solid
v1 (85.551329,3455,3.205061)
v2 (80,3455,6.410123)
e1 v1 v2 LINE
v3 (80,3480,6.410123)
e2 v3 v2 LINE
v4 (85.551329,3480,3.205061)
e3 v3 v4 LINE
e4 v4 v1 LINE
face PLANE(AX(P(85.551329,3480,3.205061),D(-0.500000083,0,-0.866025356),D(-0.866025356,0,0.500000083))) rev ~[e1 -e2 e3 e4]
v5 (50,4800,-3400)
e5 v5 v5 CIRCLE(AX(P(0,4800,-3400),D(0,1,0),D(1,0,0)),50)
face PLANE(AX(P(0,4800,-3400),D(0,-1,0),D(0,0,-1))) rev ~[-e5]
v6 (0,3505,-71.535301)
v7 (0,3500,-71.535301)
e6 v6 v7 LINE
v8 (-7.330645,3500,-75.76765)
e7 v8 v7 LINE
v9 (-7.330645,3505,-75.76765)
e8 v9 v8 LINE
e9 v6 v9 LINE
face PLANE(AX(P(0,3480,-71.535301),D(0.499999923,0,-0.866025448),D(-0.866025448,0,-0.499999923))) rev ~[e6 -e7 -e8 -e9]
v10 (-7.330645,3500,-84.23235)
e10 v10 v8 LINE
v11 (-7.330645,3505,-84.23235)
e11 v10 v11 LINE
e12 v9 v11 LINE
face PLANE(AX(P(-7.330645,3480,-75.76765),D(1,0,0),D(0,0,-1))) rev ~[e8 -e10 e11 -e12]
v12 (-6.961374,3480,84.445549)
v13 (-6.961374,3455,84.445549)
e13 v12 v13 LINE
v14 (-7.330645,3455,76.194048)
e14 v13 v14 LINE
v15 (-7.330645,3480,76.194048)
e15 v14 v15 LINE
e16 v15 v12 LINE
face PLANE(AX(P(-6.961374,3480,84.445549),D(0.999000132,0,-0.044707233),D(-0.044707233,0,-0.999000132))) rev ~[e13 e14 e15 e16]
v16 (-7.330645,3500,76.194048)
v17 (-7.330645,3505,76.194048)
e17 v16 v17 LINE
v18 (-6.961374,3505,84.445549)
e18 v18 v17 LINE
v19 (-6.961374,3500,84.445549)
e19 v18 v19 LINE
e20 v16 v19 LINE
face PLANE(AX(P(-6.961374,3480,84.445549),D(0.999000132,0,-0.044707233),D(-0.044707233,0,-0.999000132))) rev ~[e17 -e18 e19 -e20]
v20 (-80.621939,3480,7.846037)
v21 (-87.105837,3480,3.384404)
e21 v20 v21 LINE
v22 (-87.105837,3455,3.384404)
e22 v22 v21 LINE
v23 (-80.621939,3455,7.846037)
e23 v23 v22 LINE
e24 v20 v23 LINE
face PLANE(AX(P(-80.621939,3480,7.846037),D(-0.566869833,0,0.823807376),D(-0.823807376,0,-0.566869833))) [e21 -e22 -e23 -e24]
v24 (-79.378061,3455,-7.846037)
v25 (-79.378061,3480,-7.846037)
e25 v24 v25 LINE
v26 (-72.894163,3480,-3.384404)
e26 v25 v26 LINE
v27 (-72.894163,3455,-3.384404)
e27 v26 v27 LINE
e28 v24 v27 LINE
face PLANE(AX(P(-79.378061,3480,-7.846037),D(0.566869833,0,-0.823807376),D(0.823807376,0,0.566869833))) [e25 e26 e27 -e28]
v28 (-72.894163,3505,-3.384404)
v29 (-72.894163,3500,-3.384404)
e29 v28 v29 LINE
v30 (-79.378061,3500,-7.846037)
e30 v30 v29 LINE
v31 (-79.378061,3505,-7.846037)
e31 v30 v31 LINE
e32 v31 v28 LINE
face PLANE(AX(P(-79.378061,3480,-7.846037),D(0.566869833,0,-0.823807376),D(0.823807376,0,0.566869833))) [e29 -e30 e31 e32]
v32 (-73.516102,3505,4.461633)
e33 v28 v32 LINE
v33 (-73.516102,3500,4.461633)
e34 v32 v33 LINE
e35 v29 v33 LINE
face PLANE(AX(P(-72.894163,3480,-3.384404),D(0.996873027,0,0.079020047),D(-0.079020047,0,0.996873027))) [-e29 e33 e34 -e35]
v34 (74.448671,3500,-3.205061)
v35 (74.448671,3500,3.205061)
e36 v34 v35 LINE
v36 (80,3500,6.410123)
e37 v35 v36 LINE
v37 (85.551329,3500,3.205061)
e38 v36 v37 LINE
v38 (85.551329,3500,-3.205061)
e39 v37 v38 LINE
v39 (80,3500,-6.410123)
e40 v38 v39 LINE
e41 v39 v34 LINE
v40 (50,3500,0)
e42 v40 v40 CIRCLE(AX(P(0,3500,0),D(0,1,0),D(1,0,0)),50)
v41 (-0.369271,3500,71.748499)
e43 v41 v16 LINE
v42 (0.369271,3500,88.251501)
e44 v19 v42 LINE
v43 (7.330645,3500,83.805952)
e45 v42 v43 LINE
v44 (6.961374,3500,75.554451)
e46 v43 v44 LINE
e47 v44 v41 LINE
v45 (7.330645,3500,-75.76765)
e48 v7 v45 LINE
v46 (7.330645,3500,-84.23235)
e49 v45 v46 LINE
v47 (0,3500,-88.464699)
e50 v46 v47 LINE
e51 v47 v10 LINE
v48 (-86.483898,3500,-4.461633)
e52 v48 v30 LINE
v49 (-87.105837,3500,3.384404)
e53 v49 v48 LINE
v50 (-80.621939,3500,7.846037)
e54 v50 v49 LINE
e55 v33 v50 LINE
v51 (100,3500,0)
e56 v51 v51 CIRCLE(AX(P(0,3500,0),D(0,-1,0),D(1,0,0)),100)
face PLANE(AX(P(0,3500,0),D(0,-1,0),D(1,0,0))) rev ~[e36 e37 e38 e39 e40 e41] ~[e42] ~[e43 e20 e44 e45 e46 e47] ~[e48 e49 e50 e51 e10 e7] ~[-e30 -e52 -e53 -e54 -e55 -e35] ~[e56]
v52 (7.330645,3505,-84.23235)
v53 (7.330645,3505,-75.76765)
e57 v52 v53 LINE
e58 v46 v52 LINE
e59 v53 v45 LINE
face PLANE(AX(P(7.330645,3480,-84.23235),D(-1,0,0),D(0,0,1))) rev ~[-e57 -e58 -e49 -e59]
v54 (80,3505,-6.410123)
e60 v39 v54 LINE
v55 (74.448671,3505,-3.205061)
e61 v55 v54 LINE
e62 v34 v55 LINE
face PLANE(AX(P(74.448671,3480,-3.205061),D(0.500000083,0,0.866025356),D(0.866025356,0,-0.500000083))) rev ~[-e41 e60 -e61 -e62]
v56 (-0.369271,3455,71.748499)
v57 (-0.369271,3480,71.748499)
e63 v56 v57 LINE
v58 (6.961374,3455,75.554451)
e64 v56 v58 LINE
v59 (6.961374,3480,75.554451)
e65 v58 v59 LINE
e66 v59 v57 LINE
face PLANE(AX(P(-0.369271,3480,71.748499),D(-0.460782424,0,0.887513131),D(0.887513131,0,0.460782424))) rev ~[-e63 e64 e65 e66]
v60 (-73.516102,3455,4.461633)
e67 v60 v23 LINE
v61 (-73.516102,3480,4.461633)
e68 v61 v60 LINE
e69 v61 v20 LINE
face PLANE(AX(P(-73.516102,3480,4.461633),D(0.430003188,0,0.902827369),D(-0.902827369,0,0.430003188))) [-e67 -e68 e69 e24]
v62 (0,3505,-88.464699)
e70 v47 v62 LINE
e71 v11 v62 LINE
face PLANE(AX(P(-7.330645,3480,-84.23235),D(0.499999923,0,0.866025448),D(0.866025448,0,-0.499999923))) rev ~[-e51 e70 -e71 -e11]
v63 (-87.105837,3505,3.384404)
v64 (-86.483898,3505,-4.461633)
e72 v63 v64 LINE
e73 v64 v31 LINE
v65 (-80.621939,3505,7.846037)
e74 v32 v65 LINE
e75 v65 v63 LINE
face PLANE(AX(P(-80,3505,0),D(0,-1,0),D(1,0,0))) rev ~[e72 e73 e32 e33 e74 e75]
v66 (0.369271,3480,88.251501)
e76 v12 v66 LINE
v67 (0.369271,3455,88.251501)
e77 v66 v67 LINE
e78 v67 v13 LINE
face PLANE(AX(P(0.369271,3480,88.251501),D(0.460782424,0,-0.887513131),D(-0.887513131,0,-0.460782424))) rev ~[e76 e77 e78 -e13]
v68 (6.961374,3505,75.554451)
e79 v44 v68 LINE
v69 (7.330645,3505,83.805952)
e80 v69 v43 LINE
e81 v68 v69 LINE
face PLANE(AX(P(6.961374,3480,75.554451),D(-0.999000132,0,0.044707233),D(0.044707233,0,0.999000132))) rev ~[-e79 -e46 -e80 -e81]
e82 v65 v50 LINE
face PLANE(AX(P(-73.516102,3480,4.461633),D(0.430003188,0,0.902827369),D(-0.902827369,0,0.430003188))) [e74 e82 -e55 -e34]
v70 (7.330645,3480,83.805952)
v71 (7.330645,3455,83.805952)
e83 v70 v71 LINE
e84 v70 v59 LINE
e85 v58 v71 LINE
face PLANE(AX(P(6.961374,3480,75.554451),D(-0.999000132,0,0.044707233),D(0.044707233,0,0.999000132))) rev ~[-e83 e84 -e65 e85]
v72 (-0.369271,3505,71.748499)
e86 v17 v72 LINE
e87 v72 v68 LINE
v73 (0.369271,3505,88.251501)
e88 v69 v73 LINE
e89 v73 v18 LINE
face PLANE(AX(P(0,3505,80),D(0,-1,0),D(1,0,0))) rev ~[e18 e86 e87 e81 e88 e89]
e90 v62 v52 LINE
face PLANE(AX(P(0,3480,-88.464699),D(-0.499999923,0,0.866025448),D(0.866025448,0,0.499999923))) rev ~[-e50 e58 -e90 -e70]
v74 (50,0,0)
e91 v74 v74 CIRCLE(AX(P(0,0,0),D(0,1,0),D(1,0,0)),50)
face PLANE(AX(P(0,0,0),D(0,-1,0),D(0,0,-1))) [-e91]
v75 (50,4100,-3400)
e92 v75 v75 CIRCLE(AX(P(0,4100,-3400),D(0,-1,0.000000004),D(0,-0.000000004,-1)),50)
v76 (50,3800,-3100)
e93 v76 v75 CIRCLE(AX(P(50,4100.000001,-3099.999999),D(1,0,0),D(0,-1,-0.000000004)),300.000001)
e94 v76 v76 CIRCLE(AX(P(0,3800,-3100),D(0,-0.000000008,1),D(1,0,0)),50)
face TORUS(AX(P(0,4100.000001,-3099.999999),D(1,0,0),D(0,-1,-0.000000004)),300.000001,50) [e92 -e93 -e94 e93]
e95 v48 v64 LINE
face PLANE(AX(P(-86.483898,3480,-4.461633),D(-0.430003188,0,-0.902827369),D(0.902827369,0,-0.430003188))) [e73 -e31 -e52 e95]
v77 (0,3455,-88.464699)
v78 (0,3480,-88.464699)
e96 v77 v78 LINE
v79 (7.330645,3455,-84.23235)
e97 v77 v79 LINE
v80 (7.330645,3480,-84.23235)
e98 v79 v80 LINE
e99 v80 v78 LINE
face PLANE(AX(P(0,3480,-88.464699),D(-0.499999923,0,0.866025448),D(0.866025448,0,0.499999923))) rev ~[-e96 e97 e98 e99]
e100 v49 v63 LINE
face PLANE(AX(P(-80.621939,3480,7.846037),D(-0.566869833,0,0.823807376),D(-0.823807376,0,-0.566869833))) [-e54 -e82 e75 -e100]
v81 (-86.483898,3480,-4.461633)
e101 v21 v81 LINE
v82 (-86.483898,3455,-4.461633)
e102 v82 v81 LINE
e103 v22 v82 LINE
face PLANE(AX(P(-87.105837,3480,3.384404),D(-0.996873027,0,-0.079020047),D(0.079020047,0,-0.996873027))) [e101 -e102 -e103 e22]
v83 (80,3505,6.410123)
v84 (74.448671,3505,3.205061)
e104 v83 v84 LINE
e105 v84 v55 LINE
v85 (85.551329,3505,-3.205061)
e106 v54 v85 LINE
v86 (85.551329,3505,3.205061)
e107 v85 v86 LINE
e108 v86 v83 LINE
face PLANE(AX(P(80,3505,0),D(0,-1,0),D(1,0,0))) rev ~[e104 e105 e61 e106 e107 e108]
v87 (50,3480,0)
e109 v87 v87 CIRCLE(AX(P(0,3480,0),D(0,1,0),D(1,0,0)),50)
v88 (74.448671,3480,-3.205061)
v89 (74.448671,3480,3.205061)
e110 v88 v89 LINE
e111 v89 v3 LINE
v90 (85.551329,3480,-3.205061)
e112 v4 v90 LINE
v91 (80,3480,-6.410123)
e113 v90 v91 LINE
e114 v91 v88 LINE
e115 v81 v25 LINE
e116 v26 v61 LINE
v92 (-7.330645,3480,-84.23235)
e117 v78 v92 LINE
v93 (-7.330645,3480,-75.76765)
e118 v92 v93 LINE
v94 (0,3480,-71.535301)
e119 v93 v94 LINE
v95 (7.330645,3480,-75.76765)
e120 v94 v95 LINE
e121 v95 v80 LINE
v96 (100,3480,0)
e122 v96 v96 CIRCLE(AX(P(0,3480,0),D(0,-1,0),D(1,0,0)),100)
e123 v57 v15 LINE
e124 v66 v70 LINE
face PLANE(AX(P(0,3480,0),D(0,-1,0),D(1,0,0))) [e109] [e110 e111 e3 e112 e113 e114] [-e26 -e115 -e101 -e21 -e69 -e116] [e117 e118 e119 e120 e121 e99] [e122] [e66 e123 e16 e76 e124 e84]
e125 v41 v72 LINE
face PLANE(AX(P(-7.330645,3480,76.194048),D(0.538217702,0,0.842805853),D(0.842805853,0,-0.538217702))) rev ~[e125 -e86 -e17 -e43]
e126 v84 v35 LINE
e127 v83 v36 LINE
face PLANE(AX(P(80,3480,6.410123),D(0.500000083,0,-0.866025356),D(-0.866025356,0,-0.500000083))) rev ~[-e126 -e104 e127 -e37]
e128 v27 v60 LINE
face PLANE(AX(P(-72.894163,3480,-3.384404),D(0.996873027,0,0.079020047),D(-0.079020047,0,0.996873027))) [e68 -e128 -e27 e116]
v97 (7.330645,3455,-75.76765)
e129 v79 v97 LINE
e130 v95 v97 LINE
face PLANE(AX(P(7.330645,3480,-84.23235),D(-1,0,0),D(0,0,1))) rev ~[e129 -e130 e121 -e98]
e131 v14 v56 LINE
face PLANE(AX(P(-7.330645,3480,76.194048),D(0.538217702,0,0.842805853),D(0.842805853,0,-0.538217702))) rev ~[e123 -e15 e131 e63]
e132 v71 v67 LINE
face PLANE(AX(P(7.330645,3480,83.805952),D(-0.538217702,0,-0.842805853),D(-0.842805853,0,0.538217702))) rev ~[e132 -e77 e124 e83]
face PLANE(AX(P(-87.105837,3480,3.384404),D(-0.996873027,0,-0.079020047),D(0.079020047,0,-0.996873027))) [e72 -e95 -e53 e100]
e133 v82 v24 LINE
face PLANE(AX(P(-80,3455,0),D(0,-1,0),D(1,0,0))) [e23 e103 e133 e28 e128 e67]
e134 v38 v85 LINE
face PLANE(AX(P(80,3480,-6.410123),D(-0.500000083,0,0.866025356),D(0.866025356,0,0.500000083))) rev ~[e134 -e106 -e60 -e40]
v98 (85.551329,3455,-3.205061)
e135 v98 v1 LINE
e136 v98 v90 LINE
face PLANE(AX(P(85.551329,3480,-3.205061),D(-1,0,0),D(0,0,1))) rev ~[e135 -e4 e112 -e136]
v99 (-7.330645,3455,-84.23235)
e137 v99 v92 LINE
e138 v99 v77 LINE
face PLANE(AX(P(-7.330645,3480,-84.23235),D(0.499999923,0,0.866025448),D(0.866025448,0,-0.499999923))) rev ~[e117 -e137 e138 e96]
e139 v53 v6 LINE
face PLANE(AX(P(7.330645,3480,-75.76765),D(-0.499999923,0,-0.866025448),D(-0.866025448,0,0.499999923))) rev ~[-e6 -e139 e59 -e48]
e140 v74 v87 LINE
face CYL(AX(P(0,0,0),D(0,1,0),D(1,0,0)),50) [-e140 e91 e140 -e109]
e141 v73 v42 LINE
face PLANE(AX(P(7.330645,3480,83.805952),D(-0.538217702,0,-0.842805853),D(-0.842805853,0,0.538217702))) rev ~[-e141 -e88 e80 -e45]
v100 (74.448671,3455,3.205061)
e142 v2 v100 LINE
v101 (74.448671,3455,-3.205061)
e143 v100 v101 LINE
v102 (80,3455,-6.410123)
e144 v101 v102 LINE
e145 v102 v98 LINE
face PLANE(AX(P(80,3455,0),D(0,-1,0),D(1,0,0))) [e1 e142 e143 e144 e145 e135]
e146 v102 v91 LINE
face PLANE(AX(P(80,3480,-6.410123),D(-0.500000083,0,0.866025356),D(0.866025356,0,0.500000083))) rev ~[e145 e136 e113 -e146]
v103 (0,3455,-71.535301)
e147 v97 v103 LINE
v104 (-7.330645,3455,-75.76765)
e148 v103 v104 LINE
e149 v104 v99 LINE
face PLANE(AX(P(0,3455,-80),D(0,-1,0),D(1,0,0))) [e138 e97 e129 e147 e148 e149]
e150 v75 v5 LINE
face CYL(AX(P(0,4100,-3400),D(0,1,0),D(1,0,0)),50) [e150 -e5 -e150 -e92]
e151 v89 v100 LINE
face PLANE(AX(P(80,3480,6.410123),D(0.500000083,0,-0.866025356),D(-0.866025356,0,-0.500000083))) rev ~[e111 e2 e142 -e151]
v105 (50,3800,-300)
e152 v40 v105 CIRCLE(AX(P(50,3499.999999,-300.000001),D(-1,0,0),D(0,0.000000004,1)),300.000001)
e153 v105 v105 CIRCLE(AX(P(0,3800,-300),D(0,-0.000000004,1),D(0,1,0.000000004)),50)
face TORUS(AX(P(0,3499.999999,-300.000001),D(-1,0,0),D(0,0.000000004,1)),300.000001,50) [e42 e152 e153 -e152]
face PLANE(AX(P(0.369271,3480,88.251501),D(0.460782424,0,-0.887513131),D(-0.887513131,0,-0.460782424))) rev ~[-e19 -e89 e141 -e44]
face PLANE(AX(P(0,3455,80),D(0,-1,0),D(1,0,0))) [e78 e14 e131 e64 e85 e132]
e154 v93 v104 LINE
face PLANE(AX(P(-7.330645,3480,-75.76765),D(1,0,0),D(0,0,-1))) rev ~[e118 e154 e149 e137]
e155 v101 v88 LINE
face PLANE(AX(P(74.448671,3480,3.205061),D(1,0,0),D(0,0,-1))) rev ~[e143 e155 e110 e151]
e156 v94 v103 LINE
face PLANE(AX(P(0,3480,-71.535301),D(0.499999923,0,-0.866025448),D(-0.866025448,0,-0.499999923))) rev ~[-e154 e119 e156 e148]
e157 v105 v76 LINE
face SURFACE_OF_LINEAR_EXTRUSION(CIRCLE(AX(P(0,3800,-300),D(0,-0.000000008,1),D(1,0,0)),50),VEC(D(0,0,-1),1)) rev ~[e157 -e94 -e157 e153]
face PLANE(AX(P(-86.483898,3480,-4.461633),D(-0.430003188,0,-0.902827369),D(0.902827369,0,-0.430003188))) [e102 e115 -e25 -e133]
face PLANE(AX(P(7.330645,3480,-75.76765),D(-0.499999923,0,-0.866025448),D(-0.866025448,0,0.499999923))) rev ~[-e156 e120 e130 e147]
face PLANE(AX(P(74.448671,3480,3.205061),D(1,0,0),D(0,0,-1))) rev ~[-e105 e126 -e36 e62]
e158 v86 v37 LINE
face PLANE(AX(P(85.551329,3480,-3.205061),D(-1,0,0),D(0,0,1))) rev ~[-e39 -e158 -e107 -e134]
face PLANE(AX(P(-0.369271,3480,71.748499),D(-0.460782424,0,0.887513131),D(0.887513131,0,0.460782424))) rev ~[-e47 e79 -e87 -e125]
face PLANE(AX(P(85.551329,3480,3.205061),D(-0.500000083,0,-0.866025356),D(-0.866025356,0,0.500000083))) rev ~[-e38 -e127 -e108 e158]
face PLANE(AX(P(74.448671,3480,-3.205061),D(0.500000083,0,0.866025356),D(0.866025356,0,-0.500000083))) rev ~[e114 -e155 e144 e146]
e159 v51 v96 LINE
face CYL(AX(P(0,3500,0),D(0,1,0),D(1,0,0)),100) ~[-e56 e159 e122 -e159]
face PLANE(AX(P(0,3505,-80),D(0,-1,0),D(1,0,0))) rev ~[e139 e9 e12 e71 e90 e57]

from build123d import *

# Parameters (mm, degrees)
F0_R     = 50
F4_R     = 100
F5_DEPTH = 20
F7_DEPTH = 25


with BuildPart() as f2:
    # F2: sweep along a path in F1
    with BuildLine(Plane.YZ) as f2_path:
        Line((0, 0), (3500, 0))
        ThreePointArc((3500, 0), (3712.132034, -87.867966), (3800, -300))
        Line((3800, -300), (3800, -3100))
        ThreePointArc((3800, -3100), (3887.867966, -3312.132034), (4100, -3400))
        Line((4100, -3400), (4800, -3400))
    # F0 (on Front) → F2 (sweep)
    with BuildSketch(Plane.XZ):
        Circle(F0_R)
    sweep(path=f2_path.line)

    # F4 (on offset) → F5 (join)
    with BuildSketch(Plane.XZ.offset(-3500)):
        Circle(F4_R)
    extrude(amount=F5_DEPTH)

    # F6 (on face) → F7 (join, symmetric)
    with BuildSketch(Plane.XZ.offset(-3480)):
        Polygon((6.961374, 75.554451), (7.330645, 83.805952), (0.369271, 88.251501), (-6.961374, 84.445549), (-7.330645, 76.194048), (-0.369271, 71.748499), align=None)
        Polygon((85.551329, -3.205061), (85.551329, 3.205061), (80, 6.410123), (74.448671, 3.205061), (74.448671, -3.205061), (80, -6.410123), align=None)
        Polygon((7.330645, -84.23235), (7.330645, -75.76765), (0, -71.535301), (-7.330645, -75.76765), (-7.330645, -84.23235), (0, -88.464699), align=None)
        Polygon((-79.378061, -7.846037), (-72.894163, -3.384404), (-73.516102, 4.461633), (-80.621939, 7.846037), (-87.105837, 3.384404), (-86.483898, -4.461633), align=None)
    extrude(amount=F7_DEPTH, both=True)


solid = f2.part
